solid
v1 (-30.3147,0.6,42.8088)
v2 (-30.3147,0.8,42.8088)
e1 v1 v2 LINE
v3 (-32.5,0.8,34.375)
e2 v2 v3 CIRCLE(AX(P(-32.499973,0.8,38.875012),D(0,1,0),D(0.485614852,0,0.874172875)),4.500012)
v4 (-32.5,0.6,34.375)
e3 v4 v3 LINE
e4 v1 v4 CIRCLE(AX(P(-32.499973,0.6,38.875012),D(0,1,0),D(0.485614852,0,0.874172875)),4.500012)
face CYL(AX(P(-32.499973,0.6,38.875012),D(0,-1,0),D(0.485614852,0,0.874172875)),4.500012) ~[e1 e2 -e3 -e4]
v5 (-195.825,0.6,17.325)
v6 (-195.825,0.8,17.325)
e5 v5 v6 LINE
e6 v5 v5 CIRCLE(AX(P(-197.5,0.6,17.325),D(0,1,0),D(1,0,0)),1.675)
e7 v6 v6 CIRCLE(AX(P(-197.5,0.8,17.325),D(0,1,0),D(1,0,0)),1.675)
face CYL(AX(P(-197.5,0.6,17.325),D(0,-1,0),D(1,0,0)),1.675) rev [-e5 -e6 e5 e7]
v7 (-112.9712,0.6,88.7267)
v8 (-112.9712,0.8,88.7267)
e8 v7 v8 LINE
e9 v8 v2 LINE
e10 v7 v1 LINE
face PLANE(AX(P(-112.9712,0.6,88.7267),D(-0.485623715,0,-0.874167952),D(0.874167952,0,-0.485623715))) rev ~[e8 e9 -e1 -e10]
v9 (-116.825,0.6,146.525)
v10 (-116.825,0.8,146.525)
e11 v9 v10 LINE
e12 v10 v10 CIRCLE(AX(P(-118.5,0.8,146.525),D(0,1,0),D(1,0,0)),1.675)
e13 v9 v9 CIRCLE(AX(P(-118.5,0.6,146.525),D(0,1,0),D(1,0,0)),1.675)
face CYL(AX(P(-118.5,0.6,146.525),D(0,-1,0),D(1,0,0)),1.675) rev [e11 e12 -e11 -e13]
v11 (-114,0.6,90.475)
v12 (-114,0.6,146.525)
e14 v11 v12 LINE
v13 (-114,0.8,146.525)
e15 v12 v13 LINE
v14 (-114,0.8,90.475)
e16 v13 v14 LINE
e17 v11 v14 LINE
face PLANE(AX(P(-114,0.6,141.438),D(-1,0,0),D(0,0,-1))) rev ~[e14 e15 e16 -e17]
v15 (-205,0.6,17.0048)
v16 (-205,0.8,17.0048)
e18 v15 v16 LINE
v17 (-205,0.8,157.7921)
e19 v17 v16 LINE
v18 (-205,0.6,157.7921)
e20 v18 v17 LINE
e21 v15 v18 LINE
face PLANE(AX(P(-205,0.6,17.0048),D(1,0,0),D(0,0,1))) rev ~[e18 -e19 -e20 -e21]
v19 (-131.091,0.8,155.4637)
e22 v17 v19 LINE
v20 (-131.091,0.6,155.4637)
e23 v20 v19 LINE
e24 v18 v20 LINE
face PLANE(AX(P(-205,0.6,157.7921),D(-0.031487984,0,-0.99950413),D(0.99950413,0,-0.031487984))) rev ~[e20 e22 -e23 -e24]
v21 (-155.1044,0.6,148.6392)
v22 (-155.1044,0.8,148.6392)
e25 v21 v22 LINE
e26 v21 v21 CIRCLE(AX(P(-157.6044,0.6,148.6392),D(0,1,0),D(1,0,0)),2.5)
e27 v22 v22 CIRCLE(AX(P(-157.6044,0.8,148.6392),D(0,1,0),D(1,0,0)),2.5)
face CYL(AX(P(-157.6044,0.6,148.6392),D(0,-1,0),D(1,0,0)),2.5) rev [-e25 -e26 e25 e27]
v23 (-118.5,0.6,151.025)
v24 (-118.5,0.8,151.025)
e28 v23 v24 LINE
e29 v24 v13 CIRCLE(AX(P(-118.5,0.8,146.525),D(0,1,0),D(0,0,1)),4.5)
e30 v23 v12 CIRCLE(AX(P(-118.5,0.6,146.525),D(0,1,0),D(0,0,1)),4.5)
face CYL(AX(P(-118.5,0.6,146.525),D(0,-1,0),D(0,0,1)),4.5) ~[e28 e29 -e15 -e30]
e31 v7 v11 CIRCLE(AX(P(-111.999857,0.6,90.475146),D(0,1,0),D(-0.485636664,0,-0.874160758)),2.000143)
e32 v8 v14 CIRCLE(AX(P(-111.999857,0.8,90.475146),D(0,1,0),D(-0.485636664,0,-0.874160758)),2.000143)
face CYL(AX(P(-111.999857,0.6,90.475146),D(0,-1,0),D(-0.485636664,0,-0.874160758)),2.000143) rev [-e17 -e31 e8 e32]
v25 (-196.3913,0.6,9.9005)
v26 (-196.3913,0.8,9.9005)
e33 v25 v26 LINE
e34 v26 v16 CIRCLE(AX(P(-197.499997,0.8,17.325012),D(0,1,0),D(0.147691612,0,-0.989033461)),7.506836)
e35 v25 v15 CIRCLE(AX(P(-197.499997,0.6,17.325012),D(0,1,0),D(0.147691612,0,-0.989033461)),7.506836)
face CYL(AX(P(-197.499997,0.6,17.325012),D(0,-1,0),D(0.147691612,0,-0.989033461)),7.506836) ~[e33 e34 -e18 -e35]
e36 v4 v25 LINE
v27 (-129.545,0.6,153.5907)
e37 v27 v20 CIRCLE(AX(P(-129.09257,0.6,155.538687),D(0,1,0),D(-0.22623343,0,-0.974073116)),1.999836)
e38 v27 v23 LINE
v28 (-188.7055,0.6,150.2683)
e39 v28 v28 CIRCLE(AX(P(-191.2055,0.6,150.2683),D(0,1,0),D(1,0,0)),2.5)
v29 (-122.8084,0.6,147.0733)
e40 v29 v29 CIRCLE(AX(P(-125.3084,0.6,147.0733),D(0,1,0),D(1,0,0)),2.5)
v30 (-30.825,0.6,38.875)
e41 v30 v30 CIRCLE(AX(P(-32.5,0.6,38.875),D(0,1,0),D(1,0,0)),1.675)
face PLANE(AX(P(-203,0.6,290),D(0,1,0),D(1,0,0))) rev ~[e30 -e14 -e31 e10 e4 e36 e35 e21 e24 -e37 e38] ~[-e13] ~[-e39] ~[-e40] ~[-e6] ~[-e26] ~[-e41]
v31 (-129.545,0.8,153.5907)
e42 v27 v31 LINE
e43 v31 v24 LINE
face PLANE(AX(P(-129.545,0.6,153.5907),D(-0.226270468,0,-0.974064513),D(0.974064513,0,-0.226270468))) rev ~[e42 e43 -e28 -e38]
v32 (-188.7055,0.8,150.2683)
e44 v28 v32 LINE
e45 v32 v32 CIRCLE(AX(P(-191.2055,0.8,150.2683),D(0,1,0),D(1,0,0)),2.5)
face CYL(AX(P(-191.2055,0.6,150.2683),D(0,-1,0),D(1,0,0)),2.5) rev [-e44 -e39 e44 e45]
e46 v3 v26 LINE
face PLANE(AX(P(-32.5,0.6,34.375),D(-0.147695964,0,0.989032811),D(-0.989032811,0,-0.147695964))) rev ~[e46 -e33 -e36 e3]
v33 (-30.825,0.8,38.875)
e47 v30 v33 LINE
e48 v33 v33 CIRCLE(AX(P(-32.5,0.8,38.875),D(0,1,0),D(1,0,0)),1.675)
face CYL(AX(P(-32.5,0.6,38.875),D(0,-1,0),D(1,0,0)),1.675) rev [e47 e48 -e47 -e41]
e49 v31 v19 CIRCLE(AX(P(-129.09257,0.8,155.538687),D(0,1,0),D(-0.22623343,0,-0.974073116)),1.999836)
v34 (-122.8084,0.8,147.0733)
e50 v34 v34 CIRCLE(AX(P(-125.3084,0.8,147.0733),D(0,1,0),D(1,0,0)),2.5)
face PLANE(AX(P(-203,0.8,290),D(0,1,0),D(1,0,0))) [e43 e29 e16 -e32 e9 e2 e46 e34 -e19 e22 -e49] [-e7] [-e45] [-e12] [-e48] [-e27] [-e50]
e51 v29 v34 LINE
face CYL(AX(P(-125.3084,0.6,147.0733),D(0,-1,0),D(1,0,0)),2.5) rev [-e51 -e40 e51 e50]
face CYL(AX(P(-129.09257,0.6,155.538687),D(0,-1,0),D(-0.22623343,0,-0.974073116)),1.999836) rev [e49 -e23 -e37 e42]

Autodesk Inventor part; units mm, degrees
ref_plane "YZ Plane" through (0, 0, 0) normal (1, 0, 0) x (0, 1, 0)
ref_plane "XZ Plane" through (0, 0, 0) normal (0, 1, 0) x (-1, 0, 0)
ref_plane "Work Plane1" through (-203, 0.6, 290) normal (0, 1, 0) x (1, 0, 0)
sketch "Sketch1" plane through (-203, 0.6, 290) normal (0, 1, 0) x (1, 0, 0)
  line L0 (-2, 272.9952) -> (-2, 2) projected
  arc A0 (73.455, 136.4093) -> (71.909, 134.5363) centre (73.9075, 134.4612) ccw projected
  line L1 (-2, 132.2079) -> (71.909, 134.5363)
  arc A1 (84.5, 138.975) -> (89, 143.475) centre (84.5, 143.475) ccw projected
  arc A2 (84.5, 138.975) -> (89, 143.475) centre (84.5, 143.475) ccw projected
  arc A3 (84.5, 138.975) -> (89, 143.475) centre (84.5, 143.475) ccw projected
  line L2 (73.455, 136.4093) -> (84.5, 138.975) projected
  line L3 (73.455, 136.4093) -> (84.5, 138.975) projected
  line L4 (73.455, 136.4093) -> (84.5, 138.975) projected
  line L5 (73.455, 136.4093) -> (84.5, 138.975) projected
  line L6 (89, 143.475) -> (89, 199.525) projected
  line L7 (89, 143.475) -> (89, 199.525) projected
  line L8 (89, 143.475) -> (89, 199.525) projected
  line L9 (89, 143.475) -> (89, 199.525) projected
  arc A4 (90.0288, 201.2733) -> (89, 199.525) centre (91, 199.525) ccw projected
  arc A5 (90.0288, 201.2733) -> (89, 199.525) centre (91, 199.525) ccw projected
  arc A6 (90.0288, 201.2733) -> (89, 199.525) centre (91, 199.525) ccw projected
  line L10 (90.0288, 201.2733) -> (172.6853, 247.1912) projected
  line L11 (90.0288, 201.2733) -> (172.6853, 247.1912) projected
  line L12 (90.0288, 201.2733) -> (172.6853, 247.1912) projected
  line L13 (90.0288, 201.2733) -> (172.6853, 247.1912) projected
  arc A7 (6.6087, 280.0995) -> (-2, 272.9952) centre (5.5, 272.675) ccw projected
  line L14 (170.5, 255.625) -> (6.6087, 280.0995) projected
  line L15 (170.5, 255.625) -> (6.6087, 280.0995) projected
  line L16 (170.5, 255.625) -> (6.6087, 280.0995) projected
  line L17 (170.5, 255.625) -> (6.6087, 280.0995) projected
  circle A8 centre (5.5, 272.675) radius 1.675 projected
  circle A9 centre (170.5, 251.125) radius 1.675 projected
  arc A10 (172.6853, 247.1912) -> (170.5, 255.625) centre (170.5, 251.125) ccw projected
  arc A11 (172.6853, 247.1912) -> (170.5, 255.625) centre (170.5, 251.125) ccw projected
  circle A12 centre (170.5, 251.125) radius 1.675 projected
  circle A13 centre (84.5, 143.475) radius 1.675 projected
  circle A14 centre (84.5, 143.475) radius 1.675 projected
  circle A15 centre (84.5, 143.475) radius 1.675 projected
  circle A16 centre (84.5, 143.475) radius 1.675 projected
  arc A17 (73.455, 136.4093) -> (71.909, 134.5363) centre (73.9075, 134.4612) ccw projected
  arc A18 (73.455, 136.4093) -> (71.909, 134.5363) centre (73.9075, 134.4612) ccw projected
  arc A19 (90.0288, 201.2733) -> (89, 199.525) centre (91, 199.525) ccw projected
  arc A20 (84.5, 138.975) -> (89, 143.475) centre (84.5, 143.475) ccw projected
  arc A21 (73.455, 136.4093) -> (71.909, 134.5363) centre (73.9075, 134.4612) ccw projected
  circle A22 centre (5.5, 272.675) radius 1.675 projected
  circle A23 centre (5.5, 272.675) radius 1.675 projected
  circle A24 centre (5.5, 272.675) radius 1.675 projected
  arc A25 (6.6087, 280.0995) -> (-2, 272.9952) centre (5.5, 272.675) ccw projected
  arc A26 (6.6087, 280.0995) -> (-2, 272.9952) centre (5.5, 272.675) ccw projected
  arc A27 (6.6087, 280.0995) -> (-2, 272.9952) centre (5.5, 272.675) ccw projected
  circle A28 centre (170.5, 251.125) radius 1.675 projected
  circle A29 centre (170.5, 251.125) radius 1.675 projected
  arc A30 (172.6853, 247.1912) -> (170.5, 255.625) centre (170.5, 251.125) ccw projected
  arc A31 (172.6853, 247.1912) -> (170.5, 255.625) centre (170.5, 251.125) ccw projected
  line L18 (89, 148.562) -> (-2, 148.562) projected
  line L19 (89, 148.562) -> (-2, 148.562) projected
  arc A32 (73.455, 136.4093) -> (71.909, 134.5363) centre (73.9075, 134.4612) ccw projected
  arc A33 (73.455, 136.4093) -> (71.909, 134.5363) centre (73.9075, 134.4612) ccw projected
  line L20 (73.455, 136.4093) -> (84.5, 138.975) projected
  line L21 (73.455, 136.4093) -> (84.5, 138.975) projected
  arc A34 (84.5, 138.975) -> (89, 143.475) centre (84.5, 143.475) ccw projected
  line L22 (73.455, 136.4093) -> (84.5, 138.975) projected
  line L23 (73.455, 136.4093) -> (84.5, 138.975) projected
  arc A35 (84.5, 138.975) -> (89, 143.475) centre (84.5, 143.475) ccw projected
  arc A36 (84.5, 138.975) -> (89, 143.475) centre (84.5, 143.475) ccw projected
  arc A37 (84.5, 138.975) -> (89, 143.475) centre (84.5, 143.475) ccw projected
  circle A38 centre (84.5, 143.475) radius 1.675 projected
  circle A39 centre (84.5, 143.475) radius 1.675 projected
  circle A40 centre (84.5, 143.475) radius 1.675 projected
  circle A41 centre (77.6916, 142.9267) radius 2.5 projected
  circle A42 centre (77.6916, 142.9267) radius 2.5 projected
  circle A43 centre (77.6916, 142.9267) radius 2.5 projected
  circle A44 centre (45.3956, 141.3608) radius 2.5 projected
  circle A45 centre (45.3956, 141.3608) radius 2.5 projected
  circle A46 centre (45.3956, 141.3608) radius 2.5 projected
  circle A47 centre (45.3956, 141.3608) radius 2.5 projected
  circle A48 centre (45.3956, 141.3608) radius 2.5 projected
  circle A49 centre (11.7945, 139.7317) radius 2.5 projected
  circle A50 centre (11.7945, 139.7317) radius 2.5 projected
  circle A51 centre (11.7945, 139.7317) radius 2.5 projected
  circle A52 centre (11.7945, 139.7317) radius 2.5 projected
  circle A53 centre (11.7945, 139.7317) radius 2.5 projected
  line L24 (89, 148.562) -> (-2, 148.562) projected
  line L25 (89, 148.562) -> (-2, 148.562) projected
  arc A54 (73.455, 136.4093) -> (71.909, 134.5363) centre (73.9075, 134.4612) ccw projected
  arc A55 (73.455, 136.4093) -> (71.909, 134.5363) centre (73.9075, 134.4612) ccw projected
  circle A56 centre (77.6916, 142.9267) radius 2.5 projected
  circle A57 centre (77.6916, 142.9267) radius 2.5 projected
  line L26 (89, 143.475) -> (89, 148.562) projected
  line L27 (89, 143.475) -> (89, 148.562) projected
  line L28 (89, 143.475) -> (89, 148.562) projected
  line L29 (89, 143.475) -> (89, 148.562) projected
  circle A58 centre (84.5, 143.475) radius 1.675 projected
  point P0 (203, 290)
extrude "Extrusion1" add sketch "Sketch1" along normal blind 0.2
properties part number "base_main_pcb_p2_itr2"
